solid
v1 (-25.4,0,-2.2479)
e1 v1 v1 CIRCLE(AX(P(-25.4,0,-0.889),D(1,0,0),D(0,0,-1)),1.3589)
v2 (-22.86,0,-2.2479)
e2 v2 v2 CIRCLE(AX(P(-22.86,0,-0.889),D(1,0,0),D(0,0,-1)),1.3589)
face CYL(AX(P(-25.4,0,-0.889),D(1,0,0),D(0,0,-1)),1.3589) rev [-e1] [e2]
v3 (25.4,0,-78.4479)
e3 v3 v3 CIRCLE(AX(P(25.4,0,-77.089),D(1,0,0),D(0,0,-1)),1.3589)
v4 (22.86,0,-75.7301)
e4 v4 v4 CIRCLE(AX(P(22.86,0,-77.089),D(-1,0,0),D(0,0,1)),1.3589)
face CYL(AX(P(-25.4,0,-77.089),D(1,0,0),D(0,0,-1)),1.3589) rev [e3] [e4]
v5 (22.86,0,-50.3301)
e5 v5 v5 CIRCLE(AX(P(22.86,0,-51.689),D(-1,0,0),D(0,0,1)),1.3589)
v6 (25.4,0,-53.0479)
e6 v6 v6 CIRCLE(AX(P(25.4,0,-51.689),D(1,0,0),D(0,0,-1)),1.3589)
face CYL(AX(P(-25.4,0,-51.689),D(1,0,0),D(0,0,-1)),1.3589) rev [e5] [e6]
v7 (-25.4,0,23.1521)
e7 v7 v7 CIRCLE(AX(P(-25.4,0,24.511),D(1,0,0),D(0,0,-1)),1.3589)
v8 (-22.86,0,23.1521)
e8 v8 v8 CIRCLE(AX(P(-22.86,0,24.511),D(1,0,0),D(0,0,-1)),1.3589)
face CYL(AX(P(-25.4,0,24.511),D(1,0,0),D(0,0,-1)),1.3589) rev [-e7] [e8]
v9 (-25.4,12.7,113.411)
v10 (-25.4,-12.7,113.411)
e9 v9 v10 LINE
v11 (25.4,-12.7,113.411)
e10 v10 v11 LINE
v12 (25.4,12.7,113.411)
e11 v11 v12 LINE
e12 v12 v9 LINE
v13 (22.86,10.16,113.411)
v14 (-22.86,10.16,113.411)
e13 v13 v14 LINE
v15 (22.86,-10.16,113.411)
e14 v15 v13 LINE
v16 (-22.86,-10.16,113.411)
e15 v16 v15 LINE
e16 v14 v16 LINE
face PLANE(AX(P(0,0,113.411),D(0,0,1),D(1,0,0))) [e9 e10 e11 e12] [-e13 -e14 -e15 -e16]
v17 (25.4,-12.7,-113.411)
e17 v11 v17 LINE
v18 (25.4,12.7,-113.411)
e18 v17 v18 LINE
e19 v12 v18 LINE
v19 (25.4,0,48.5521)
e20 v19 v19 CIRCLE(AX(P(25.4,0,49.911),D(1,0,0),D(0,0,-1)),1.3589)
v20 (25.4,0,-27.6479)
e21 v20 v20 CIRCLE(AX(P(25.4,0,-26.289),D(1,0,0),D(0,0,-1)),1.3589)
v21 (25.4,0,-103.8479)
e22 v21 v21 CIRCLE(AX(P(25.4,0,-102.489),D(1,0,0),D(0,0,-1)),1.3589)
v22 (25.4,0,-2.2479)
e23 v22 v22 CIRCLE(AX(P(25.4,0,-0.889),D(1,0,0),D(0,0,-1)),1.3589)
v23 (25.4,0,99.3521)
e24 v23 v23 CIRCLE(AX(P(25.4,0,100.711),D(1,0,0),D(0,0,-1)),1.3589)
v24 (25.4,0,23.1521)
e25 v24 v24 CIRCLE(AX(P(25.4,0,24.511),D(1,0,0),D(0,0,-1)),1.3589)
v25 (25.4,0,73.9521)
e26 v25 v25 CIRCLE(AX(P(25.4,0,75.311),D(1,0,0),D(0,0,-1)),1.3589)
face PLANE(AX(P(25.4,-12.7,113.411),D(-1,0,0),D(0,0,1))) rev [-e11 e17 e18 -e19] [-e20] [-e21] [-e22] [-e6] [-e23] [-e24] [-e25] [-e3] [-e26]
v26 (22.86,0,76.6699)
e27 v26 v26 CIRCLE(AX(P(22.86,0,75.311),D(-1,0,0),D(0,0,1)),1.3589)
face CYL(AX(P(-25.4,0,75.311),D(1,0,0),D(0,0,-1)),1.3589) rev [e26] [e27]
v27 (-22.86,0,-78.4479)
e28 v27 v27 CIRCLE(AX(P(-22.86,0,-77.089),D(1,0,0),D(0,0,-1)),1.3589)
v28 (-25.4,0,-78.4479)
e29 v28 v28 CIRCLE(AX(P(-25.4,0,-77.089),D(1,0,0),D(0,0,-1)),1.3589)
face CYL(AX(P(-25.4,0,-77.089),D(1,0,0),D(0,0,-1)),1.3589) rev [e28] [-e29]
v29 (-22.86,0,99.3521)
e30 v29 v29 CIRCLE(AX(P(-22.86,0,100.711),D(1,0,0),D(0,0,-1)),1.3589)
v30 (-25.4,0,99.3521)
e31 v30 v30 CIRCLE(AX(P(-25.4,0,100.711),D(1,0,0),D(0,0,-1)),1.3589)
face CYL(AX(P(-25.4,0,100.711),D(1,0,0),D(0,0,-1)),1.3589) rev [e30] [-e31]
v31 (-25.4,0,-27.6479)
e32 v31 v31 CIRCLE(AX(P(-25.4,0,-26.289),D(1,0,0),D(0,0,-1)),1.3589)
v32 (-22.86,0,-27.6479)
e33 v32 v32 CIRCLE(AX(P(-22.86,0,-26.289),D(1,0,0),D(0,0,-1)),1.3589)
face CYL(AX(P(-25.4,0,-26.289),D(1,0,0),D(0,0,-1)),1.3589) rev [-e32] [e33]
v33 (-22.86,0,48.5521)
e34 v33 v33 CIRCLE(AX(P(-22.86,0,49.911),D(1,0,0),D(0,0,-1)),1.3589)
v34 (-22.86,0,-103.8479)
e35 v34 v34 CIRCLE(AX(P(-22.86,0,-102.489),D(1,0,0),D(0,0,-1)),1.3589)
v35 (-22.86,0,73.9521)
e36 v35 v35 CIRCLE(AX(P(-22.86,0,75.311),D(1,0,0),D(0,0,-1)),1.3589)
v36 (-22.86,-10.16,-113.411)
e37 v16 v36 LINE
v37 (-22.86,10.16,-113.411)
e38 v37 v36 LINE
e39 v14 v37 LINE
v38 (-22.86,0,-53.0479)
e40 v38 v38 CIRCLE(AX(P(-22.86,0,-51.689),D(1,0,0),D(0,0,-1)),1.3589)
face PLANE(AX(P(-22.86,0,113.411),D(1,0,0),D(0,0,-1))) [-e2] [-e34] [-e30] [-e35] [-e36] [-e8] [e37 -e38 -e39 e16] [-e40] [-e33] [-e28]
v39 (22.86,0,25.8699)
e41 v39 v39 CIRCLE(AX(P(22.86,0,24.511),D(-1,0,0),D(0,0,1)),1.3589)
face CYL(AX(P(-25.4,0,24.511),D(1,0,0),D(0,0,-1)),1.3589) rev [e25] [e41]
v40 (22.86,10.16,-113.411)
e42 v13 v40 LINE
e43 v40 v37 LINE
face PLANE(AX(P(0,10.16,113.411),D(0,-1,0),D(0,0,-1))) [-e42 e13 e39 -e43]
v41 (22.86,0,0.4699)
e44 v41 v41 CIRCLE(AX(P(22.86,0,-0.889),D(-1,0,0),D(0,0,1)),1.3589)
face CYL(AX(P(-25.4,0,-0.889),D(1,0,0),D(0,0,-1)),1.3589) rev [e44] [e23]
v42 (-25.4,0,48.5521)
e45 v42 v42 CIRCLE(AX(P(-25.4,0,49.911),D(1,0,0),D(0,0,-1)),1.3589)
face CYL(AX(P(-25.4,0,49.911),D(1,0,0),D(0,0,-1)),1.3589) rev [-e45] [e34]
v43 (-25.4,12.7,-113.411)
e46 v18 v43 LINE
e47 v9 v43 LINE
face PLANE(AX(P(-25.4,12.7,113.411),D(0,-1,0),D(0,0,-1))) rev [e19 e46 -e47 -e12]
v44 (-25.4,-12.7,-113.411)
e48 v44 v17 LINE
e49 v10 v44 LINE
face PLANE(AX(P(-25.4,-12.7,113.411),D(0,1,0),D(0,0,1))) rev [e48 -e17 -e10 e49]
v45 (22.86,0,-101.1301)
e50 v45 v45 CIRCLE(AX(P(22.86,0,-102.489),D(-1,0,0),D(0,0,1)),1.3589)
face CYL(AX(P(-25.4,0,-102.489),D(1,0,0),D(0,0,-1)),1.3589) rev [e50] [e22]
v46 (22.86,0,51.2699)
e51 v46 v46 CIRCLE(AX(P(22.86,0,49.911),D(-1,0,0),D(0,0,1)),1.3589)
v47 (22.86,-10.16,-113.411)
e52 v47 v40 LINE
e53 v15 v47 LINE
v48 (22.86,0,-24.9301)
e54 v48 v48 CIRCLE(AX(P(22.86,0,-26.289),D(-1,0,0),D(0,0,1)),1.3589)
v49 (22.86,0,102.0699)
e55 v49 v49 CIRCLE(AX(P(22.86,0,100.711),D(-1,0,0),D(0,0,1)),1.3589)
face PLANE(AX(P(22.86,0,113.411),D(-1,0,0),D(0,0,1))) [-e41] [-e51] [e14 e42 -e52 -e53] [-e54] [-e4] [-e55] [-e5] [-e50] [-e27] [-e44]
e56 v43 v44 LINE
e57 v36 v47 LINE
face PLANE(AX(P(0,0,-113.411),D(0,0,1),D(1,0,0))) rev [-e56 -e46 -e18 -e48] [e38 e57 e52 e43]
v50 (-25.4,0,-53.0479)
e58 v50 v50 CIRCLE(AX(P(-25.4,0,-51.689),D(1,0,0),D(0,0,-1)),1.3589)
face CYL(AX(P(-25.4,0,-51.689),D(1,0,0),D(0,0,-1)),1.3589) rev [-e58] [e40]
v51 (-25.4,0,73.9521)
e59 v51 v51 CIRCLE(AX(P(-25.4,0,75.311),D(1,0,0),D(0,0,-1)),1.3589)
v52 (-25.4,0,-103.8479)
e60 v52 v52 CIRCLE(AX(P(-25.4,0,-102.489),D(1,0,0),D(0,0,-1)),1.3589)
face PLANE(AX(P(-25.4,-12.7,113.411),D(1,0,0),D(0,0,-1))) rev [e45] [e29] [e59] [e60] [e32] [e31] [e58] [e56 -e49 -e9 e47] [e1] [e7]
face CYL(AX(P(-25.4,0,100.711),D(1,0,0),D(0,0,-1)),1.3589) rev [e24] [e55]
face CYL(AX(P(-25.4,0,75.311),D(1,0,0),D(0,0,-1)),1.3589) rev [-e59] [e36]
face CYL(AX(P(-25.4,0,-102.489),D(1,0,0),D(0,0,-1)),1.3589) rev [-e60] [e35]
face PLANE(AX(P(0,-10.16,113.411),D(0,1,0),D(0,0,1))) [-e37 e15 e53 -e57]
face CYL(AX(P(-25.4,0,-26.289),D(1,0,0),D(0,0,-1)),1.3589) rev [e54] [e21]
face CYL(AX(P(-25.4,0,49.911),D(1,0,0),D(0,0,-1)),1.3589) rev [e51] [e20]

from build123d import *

# Parameters (mm, degrees)
SKETCH1_W           = 50.8
SKETCH1_H           = 25.4
SKETCH1_W_2         = 45.72
SKETCH1_H_2         = 20.32
EXTRUDE_THIN1_DEPTH = 113.411
SKETCH2_R           = 1.3589
CUT_EXTRUDE1_DEPTH  = 51.8
LPATTERN1_COUNT     = 9
LPATTERN1_PITCH     = 25.4


with BuildPart() as part:
    # Sketch1 → Extrude-Thin1 (new body, symmetric)
    with BuildSketch(Plane.XY):
        Rectangle(SKETCH1_W, SKETCH1_H)
        Rectangle(SKETCH1_W_2, SKETCH1_H_2, mode=Mode.SUBTRACT)
    extrude(amount=EXTRUDE_THIN1_DEPTH, both=True)

    # Sketch2 → Cut-Extrude1 (cut, through all)
    with BuildSketch(Plane(origin=(25.4, 0, 0), x_dir=(0, 0, -1), z_dir=(1, 0, 0))):
        with Locations((-100.711, 0)):
            Circle(SKETCH2_R)
    cut_extrude1 = extrude(amount=-CUT_EXTRUDE1_DEPTH, mode=Mode.SUBTRACT)

    # LPattern1: Cut-Extrude1 ×9
    with Locations(*[(0, 0, -i * LPATTERN1_PITCH) for i in range(1, LPATTERN1_COUNT)]):
        add(cut_extrude1, mode=Mode.SUBTRACT)


solid = part.part
